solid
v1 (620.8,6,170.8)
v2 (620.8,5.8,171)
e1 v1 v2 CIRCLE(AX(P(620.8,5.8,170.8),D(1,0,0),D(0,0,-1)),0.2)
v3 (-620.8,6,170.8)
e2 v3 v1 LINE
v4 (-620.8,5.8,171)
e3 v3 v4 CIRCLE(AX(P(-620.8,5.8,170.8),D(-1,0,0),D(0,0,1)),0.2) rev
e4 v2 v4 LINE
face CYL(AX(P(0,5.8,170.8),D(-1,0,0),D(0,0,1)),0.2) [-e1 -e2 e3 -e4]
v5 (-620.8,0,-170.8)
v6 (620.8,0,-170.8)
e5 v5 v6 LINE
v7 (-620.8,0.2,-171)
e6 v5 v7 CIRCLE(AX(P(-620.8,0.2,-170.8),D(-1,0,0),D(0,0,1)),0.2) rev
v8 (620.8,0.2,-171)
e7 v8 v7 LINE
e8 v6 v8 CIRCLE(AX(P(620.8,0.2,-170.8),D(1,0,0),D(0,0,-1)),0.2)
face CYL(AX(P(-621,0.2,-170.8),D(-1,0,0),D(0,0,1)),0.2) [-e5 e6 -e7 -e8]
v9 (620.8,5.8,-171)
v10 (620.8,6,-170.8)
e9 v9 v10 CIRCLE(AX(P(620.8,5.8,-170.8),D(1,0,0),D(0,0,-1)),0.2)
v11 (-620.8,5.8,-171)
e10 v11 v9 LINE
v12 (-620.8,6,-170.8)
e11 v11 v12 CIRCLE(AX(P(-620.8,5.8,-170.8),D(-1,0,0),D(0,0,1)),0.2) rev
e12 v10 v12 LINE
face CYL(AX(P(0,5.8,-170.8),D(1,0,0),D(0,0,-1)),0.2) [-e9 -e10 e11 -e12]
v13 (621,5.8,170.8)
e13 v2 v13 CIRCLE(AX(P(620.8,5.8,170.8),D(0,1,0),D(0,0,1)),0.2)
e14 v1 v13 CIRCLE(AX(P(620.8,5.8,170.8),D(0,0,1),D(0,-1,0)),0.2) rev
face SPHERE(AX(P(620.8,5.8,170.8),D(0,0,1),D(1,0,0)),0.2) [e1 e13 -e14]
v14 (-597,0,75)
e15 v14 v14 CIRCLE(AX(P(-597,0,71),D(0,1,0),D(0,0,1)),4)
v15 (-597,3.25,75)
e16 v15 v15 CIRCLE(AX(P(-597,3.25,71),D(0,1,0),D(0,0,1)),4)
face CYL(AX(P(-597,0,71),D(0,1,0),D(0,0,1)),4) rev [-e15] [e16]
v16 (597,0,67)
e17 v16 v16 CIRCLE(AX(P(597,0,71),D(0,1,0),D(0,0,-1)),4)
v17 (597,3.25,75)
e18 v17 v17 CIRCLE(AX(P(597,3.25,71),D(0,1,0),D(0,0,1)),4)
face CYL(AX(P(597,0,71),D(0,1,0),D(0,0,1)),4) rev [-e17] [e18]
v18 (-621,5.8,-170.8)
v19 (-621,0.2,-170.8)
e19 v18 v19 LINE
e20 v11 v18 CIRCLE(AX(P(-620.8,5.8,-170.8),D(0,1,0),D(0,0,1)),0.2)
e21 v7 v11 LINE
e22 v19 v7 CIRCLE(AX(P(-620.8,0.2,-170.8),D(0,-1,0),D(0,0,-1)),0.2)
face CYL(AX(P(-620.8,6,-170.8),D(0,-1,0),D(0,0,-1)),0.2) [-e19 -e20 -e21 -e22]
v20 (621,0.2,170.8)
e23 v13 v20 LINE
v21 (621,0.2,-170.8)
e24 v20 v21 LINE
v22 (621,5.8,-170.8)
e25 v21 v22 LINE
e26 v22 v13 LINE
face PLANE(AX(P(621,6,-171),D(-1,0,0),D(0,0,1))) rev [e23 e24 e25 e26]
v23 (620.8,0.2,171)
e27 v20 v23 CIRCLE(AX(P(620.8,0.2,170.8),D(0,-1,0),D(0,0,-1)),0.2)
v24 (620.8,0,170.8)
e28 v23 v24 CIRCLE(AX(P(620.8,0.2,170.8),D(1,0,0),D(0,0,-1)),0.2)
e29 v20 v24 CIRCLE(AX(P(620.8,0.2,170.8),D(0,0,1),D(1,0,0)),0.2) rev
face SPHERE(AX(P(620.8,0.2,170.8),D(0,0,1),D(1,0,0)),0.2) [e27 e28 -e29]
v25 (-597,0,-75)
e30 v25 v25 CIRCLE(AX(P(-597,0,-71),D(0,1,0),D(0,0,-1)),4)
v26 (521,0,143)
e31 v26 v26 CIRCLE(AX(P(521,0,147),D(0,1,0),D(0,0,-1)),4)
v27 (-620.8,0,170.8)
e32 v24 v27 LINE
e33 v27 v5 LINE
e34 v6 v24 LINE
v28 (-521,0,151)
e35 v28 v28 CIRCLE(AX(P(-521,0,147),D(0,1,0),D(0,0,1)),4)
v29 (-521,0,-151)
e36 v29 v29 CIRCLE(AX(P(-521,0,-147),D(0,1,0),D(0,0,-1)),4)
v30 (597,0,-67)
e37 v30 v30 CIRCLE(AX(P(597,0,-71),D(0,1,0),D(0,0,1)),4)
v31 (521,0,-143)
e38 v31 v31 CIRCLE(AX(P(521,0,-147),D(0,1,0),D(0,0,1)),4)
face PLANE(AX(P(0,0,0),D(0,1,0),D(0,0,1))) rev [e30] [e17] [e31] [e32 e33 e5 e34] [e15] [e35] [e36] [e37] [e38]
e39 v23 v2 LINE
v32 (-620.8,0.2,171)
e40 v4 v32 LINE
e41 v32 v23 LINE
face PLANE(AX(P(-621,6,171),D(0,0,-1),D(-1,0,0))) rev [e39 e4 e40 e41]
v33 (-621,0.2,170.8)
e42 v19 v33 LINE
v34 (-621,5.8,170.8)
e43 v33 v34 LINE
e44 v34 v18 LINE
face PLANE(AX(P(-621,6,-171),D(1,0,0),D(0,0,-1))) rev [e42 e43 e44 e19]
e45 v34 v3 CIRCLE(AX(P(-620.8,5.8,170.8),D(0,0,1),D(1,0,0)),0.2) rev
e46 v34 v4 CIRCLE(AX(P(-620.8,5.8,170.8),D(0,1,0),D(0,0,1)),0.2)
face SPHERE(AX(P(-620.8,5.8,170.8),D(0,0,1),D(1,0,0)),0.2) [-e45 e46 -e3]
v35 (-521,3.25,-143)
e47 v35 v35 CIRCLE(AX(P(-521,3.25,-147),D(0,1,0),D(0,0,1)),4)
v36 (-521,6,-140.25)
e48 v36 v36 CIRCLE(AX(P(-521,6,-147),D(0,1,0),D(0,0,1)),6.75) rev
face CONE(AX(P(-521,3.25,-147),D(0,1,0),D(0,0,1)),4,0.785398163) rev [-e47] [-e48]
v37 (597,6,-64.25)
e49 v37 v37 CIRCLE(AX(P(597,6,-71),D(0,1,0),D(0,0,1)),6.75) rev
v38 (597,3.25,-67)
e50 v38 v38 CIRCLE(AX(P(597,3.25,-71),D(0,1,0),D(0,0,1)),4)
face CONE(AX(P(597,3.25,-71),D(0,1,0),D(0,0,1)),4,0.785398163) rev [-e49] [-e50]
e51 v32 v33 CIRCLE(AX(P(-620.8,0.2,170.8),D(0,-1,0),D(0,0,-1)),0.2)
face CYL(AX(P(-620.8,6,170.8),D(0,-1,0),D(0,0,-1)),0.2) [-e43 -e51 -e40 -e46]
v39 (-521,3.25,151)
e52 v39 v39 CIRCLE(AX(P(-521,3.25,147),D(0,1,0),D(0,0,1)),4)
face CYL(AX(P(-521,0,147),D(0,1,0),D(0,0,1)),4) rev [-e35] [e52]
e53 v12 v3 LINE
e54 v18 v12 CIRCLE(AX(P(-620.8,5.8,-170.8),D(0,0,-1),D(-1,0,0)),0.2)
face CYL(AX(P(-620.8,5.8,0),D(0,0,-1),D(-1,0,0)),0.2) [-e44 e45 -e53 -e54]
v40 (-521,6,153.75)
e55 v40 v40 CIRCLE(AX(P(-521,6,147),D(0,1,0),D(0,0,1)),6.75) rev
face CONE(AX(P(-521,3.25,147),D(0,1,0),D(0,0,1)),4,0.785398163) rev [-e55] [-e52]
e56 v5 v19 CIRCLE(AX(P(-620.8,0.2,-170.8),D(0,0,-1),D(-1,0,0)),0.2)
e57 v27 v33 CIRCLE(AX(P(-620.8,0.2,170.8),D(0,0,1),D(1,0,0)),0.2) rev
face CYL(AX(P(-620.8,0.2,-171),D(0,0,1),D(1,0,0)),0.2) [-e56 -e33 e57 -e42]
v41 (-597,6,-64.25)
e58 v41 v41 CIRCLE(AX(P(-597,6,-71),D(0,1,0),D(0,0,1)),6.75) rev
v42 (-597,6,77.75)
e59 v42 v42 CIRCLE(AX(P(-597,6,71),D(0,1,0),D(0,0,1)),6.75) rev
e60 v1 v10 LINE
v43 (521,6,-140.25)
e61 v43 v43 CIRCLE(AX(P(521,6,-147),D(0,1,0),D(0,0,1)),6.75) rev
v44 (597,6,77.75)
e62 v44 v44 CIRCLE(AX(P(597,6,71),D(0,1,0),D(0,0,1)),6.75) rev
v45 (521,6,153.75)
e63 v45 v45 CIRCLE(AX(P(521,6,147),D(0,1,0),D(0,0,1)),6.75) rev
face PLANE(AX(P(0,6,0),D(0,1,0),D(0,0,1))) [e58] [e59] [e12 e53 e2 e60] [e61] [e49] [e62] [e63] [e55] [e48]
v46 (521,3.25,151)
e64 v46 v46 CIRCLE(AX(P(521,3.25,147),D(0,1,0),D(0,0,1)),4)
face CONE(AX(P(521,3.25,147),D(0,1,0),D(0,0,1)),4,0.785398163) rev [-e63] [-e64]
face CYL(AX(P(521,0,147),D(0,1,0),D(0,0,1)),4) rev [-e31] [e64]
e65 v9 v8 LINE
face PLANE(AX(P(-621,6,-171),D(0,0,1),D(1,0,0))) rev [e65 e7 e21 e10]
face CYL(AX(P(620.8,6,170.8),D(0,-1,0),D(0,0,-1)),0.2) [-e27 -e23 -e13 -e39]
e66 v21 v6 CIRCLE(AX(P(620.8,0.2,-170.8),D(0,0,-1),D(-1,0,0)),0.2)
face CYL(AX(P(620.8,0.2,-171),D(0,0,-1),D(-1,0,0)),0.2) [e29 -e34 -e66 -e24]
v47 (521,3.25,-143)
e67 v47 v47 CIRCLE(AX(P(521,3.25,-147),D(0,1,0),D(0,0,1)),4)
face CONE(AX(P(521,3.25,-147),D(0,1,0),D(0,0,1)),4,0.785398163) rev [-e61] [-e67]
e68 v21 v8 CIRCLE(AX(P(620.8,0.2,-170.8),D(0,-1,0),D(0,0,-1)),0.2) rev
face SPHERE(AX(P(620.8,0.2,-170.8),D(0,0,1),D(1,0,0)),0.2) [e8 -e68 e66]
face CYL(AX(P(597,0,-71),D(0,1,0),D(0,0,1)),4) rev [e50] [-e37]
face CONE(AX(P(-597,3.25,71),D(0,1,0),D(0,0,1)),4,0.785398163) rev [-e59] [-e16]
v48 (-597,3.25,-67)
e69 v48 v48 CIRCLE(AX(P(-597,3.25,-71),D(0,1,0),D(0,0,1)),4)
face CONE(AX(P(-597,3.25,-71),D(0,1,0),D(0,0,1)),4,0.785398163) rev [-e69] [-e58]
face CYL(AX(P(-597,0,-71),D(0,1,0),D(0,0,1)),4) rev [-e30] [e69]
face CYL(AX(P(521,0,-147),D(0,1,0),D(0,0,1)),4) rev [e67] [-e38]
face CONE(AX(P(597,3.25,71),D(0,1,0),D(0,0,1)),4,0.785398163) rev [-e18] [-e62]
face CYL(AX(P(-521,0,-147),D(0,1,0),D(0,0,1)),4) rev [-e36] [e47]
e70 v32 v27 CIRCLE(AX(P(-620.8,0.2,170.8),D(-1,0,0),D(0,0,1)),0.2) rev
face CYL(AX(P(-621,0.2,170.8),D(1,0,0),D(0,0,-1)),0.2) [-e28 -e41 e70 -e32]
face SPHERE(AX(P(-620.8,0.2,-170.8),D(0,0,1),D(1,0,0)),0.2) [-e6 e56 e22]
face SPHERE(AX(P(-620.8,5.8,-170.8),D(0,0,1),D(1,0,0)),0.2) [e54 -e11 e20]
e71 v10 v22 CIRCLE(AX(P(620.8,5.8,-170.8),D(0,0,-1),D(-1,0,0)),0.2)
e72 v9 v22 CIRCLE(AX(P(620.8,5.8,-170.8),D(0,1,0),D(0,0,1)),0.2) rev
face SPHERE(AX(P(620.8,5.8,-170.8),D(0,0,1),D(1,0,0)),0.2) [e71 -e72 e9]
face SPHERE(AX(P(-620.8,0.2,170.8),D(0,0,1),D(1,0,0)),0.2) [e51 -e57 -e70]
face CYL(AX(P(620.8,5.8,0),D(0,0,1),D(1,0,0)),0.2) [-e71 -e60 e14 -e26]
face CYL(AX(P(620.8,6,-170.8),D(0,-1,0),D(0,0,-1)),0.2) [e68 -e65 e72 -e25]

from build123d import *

# Parameters (mm, degrees)
SKETCH1_W           = 1242
SKETCH1_H           = 342
BOSS_EXTRUDE1_DEPTH = 6
SKETCH2_R           = 4
CUT_EXTRUDE1_DEPTH  = 7
CHAMFER1_SIZE       = 2.75
FILLET1_R           = 0.2


with BuildPart() as part:
    # Sketch1 → Boss-Extrude1 (new body)
    with BuildSketch(Plane(origin=(0, 0, 0), x_dir=(1, 0, 0), z_dir=(0, 1, 0))):
        Rectangle(SKETCH1_W, SKETCH1_H)
    extrude(amount=BOSS_EXTRUDE1_DEPTH)

    # Sketch2 → Cut-Extrude1 (cut, through all)
    with BuildSketch(Plane(origin=(0, 6, 0), x_dir=(1, 0, 0), z_dir=(0, 1, 0))):
        with Locations((-521, -147)):
            Circle(SKETCH2_R)
        with Locations((521, -147)):
            Circle(SKETCH2_R)
        with Locations((-597, -71)):
            Circle(SKETCH2_R)
        with Locations((597, -71)):
            Circle(SKETCH2_R)
        with Locations((597, 71)):
            Circle(SKETCH2_R)
        with Locations((521, 147)):
            Circle(SKETCH2_R)
        with Locations((-521, 147)):
            Circle(SKETCH2_R)
        with Locations((-597, 71)):
            Circle(SKETCH2_R)
    extrude(amount=-CUT_EXTRUDE1_DEPTH, mode=Mode.SUBTRACT)

    # Chamfer1
    chamfer1_edges = [part.edges().sort_by_distance(p)[0] for p in [
        (-525, 6, 147),
        (517, 6, 147),
        (-601, 6, 71),
        (593, 6, 71),
        (593, 6, -71),
        (517, 6, -147),
        (-525, 6, -147),
        (-601, 6, -71),
    ]]
    chamfer(chamfer1_edges, length=CHAMFER1_SIZE)

    # Fillet1
    fillet1_edges = [part.edges().sort_by_distance(p)[0] for p in [
        (-621, 6, 0),
        (0, 6, 171),
        (621, 6, 0),
        (0, 0, 171),
        (-621, 0, 0),
        (0, 0, -171),
        (621, 0, 0),
        (0, 6, -171),
        (621, 3, 171),
        (-621, 3, 171),
        (-621, 3, -171),
        (621, 3, -171),
    ]]
    fillet(fillet1_edges, radius=FILLET1_R)


solid = part.part
